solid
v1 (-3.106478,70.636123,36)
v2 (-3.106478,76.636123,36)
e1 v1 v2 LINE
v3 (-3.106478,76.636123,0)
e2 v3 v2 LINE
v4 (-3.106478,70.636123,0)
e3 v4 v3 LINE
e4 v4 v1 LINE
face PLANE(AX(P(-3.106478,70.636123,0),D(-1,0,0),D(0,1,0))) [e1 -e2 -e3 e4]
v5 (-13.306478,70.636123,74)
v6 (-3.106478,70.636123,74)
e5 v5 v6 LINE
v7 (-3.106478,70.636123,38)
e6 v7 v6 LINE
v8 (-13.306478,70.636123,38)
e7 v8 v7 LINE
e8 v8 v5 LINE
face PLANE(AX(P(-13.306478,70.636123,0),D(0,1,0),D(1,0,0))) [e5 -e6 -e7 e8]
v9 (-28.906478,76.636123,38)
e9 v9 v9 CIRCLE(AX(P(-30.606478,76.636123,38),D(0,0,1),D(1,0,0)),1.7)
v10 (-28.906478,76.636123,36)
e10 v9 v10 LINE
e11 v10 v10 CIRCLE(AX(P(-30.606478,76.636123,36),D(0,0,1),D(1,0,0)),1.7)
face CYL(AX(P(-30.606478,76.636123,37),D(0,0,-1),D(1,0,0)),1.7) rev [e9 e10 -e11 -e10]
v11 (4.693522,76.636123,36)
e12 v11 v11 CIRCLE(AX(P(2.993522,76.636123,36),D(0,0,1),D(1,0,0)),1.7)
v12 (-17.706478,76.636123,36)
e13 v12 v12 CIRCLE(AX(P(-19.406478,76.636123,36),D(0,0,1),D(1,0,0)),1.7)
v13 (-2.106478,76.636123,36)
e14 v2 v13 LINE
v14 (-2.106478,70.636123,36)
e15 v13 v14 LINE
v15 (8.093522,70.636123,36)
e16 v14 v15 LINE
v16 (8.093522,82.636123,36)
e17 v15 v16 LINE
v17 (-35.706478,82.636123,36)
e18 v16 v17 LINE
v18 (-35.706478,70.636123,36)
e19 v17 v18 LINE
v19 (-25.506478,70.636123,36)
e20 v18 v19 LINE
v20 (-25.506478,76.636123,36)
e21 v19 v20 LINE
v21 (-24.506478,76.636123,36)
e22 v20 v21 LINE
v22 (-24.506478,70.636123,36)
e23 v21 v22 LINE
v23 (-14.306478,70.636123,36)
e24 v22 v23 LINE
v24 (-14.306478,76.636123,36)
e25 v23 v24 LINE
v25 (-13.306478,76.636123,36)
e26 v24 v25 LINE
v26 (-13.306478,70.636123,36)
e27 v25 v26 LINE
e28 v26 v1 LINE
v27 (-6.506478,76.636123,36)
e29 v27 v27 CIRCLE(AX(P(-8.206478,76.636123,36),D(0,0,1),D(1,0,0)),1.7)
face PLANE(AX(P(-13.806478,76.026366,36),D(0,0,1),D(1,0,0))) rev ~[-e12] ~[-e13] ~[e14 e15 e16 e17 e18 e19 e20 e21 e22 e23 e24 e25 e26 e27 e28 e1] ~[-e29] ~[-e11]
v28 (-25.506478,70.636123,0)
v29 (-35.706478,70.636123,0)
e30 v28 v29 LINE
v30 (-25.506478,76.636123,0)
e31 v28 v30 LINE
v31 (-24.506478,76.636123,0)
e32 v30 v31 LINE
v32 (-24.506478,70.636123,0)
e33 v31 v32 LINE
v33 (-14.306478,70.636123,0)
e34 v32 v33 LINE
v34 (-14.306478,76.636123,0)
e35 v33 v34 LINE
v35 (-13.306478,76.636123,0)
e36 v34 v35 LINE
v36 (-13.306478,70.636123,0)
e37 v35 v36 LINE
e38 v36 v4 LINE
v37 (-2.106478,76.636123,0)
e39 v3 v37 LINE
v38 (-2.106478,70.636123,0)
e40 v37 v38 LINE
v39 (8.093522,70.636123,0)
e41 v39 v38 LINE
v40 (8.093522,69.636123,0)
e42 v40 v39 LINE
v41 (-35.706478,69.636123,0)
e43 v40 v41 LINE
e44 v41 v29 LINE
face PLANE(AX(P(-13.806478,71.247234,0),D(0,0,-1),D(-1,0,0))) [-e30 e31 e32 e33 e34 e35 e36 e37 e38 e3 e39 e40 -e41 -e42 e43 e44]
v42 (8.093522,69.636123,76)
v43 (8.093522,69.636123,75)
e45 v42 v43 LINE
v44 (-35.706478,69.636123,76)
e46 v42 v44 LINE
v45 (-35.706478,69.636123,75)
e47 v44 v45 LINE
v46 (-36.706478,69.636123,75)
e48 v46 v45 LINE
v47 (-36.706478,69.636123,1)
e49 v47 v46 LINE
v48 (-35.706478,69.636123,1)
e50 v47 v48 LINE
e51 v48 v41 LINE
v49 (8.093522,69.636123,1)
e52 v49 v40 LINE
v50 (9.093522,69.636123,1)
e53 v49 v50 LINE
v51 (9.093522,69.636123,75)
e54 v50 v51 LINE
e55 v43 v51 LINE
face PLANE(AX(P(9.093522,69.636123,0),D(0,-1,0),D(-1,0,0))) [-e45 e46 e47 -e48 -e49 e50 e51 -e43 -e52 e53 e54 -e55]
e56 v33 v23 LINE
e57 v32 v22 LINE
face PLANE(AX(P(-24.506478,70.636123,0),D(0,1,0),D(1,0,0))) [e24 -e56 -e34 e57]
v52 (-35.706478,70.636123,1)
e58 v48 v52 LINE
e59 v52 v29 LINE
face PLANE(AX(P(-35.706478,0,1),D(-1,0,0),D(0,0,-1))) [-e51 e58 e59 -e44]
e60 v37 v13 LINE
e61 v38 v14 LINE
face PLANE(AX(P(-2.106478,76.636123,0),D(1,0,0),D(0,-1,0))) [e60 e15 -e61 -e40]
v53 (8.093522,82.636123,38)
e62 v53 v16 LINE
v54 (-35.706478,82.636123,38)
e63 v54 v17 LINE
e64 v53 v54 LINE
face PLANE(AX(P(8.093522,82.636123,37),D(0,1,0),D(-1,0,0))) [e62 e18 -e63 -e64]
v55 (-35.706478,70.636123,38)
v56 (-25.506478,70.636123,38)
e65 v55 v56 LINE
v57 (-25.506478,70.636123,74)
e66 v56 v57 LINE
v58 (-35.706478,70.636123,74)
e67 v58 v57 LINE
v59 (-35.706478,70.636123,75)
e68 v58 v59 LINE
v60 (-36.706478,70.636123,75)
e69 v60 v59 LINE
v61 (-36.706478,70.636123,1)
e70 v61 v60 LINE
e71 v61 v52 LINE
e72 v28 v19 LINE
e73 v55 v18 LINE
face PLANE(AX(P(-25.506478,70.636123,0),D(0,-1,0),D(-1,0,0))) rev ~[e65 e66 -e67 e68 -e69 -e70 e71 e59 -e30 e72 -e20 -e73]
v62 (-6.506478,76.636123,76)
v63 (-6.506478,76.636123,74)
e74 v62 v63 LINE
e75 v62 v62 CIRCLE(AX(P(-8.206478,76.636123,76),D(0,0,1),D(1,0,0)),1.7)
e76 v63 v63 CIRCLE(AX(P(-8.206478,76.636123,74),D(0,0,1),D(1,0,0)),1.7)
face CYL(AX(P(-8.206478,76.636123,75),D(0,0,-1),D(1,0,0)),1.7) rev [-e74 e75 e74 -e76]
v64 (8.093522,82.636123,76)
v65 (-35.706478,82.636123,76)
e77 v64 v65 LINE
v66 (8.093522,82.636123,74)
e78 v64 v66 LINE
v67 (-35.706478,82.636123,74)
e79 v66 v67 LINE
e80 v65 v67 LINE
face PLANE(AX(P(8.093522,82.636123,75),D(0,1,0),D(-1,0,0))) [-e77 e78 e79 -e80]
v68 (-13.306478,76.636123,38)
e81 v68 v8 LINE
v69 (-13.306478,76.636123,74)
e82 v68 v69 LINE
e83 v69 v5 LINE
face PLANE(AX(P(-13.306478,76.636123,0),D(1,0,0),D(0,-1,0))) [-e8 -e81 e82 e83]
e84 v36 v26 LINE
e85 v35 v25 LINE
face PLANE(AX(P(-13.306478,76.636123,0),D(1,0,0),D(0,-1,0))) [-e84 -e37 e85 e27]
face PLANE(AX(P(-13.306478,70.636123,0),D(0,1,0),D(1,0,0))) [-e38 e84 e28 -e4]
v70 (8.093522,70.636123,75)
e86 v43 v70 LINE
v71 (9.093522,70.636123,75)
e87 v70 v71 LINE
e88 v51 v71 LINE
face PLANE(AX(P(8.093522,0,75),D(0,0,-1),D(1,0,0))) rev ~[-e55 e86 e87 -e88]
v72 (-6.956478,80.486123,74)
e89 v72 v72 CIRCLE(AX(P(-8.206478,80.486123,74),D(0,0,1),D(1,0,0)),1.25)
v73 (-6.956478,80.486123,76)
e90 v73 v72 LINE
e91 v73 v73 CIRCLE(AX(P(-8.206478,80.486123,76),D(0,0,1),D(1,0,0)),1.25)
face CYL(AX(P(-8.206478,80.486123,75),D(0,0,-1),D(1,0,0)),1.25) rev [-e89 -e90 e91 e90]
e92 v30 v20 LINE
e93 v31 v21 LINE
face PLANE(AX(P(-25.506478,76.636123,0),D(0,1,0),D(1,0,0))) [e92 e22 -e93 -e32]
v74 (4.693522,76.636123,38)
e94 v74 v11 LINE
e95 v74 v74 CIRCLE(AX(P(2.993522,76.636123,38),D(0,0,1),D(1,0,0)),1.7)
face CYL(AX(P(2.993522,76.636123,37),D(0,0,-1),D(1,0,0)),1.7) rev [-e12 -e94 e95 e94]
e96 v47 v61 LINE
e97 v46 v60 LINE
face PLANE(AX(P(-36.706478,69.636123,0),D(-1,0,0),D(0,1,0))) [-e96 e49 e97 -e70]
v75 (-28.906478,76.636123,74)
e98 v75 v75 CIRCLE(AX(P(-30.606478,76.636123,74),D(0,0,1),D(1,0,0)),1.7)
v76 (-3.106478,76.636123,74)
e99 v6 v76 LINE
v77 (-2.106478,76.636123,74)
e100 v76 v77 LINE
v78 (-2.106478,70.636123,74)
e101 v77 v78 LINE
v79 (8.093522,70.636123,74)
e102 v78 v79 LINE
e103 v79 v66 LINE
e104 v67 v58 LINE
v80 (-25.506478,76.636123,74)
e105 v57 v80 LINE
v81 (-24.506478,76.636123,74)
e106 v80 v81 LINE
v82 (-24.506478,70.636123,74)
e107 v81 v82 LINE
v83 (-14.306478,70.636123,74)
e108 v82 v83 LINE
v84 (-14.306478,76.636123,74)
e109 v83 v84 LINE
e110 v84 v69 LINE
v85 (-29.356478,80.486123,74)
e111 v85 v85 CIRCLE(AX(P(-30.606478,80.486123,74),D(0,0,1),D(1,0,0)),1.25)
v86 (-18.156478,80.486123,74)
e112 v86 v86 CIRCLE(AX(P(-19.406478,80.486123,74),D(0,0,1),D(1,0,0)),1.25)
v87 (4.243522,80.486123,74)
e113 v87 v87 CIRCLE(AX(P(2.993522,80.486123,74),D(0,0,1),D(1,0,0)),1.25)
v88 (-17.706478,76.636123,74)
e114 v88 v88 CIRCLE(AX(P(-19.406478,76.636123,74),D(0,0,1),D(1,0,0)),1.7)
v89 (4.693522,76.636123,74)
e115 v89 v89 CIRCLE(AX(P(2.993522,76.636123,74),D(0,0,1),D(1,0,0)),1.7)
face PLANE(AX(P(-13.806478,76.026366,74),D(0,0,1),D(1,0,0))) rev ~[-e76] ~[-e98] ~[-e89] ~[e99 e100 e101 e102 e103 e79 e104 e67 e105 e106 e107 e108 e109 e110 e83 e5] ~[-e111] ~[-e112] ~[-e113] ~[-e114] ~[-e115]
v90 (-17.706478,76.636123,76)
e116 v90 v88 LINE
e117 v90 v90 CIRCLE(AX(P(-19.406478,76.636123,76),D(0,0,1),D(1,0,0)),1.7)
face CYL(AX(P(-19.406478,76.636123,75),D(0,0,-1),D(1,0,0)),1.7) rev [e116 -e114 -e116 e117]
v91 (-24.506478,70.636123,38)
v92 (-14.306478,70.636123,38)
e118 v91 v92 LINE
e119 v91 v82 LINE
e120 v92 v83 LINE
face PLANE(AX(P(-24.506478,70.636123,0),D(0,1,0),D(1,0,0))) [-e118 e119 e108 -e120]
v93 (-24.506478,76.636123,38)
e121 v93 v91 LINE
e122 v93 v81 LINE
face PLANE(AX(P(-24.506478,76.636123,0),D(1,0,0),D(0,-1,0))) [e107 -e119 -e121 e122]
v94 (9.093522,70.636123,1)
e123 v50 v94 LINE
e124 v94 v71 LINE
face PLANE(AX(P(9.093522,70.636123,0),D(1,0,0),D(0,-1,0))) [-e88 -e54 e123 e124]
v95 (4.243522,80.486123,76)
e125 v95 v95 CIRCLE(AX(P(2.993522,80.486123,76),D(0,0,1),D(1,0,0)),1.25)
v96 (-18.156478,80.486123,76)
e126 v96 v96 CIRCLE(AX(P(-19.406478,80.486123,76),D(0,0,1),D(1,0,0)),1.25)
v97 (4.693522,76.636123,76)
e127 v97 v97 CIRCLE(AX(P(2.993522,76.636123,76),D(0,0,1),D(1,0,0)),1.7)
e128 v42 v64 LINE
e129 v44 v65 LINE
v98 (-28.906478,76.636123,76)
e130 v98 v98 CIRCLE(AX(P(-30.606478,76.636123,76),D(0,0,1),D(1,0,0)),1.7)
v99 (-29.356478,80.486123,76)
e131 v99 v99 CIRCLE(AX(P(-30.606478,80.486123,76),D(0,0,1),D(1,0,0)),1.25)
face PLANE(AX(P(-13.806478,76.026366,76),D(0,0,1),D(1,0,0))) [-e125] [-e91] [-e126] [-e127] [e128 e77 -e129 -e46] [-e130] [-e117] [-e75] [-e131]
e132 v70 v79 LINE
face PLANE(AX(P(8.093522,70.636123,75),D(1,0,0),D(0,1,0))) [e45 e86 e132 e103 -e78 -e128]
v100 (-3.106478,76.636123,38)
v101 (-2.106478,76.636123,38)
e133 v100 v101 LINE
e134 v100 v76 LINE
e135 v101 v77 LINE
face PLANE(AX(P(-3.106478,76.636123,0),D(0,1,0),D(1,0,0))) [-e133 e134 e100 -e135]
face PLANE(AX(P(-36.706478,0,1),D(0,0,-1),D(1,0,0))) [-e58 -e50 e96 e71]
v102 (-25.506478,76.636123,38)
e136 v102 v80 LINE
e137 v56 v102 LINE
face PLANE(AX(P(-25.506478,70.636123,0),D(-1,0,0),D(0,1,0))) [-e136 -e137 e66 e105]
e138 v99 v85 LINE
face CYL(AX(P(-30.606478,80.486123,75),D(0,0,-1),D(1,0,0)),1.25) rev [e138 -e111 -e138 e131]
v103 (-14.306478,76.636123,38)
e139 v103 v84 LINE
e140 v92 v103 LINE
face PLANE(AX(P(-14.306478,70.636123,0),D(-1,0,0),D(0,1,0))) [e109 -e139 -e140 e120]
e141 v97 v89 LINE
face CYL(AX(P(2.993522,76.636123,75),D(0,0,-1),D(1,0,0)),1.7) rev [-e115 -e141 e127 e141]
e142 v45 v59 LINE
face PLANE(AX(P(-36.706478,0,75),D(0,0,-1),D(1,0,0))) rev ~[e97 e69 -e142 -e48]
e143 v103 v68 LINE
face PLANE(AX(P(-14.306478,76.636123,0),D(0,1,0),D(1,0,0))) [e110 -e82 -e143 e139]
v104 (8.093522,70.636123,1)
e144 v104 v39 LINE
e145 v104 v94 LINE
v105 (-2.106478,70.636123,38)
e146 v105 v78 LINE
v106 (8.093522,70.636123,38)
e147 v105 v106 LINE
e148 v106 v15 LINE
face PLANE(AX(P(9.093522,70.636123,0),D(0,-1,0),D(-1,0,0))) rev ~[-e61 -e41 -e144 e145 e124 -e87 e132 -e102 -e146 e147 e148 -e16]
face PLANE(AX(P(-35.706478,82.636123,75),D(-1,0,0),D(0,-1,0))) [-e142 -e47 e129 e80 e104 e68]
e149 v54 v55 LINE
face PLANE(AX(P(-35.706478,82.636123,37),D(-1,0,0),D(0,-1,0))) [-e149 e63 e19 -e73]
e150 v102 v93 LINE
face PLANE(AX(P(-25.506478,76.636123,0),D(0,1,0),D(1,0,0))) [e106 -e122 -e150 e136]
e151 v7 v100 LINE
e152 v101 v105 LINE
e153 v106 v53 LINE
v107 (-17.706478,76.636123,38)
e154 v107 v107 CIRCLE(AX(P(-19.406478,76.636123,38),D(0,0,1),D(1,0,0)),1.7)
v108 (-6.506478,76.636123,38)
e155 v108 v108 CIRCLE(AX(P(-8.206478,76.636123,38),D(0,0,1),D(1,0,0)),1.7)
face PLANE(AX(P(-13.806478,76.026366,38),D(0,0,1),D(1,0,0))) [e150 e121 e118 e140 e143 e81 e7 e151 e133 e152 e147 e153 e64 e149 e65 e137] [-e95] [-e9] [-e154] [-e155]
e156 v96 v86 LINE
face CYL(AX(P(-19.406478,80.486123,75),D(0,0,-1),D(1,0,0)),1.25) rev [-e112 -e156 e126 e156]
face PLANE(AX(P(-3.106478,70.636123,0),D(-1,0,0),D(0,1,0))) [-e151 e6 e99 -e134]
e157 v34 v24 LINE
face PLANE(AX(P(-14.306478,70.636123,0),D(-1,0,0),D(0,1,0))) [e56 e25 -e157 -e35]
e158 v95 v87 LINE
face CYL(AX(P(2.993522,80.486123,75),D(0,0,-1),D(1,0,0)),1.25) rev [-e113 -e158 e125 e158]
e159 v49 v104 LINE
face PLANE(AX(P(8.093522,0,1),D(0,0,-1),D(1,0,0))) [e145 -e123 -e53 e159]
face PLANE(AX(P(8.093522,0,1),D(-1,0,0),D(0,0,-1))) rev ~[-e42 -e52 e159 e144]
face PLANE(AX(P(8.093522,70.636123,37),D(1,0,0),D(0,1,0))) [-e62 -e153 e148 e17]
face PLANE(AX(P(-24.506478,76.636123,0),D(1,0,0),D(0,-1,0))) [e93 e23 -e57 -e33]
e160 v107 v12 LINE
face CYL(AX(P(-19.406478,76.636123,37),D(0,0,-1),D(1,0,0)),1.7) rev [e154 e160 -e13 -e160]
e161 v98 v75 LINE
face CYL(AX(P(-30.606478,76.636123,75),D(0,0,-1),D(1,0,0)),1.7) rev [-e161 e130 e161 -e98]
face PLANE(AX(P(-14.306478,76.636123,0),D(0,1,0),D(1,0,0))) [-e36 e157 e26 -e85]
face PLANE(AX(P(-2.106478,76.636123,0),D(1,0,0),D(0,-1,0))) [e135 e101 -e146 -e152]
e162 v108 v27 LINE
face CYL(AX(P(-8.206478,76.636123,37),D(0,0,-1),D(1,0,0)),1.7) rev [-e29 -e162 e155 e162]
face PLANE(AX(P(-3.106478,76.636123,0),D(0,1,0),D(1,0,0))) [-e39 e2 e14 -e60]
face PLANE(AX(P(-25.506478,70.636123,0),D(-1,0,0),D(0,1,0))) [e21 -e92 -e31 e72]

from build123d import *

# Parameters (mm, degrees)
GEARBOX_MOUNT_DEPTH = 76
BOSS_EXTRUDE6_START = 37
SKETCH7_R           = 1.7
BOSS_EXTRUDE6_DEPTH = 1
BOSS_EXTRUDE7_START = 75
SKETCH8_R           = 1.7
SKETCH8_R_2         = 1.25
BOSS_EXTRUDE7_DEPTH = 1
SKETCH9_W           = 1
SKETCH9_H           = 1
CUT_EXTRUDE1_DEPTH  = 119.118983452


with BuildPart() as part:
    # Sketch2 → Gearbox Mount (new body)
    with BuildSketch(Plane.XY):
        Polygon((-24.506477671, 76.636122542), (-24.506477671, 70.636122542), (-14.306477671, 70.636122542), (-14.306477671, 76.636122542), (-13.306477671, 76.636122542), (-13.306477671, 70.636122542), (-3.106477671, 70.636122542), (-3.106477671, 76.636122542), (-2.106477671, 76.636122542), (-2.106477671, 70.636122542), (8.093522329, 70.636122542), (9.093522329, 70.636122542), (9.093522329, 69.636122542), (-36.706477671, 69.636122542), (-36.706477671, 70.636122542), (-35.706477671, 70.636122542), (-25.506477671, 70.636122542), (-25.506477671, 76.636122542), align=None)
    extrude(amount=GEARBOX_MOUNT_DEPTH)

    # Sketch7 → Boss-Extrude6 (add, symmetric)
    with BuildSketch(Plane.XY.offset(BOSS_EXTRUDE6_START)):
        Polygon((-24.506477671, 76.636122542), (-24.506477671, 70.636122542), (-14.306477671, 70.636122542), (-14.306477671, 76.636122542), (-13.306477671, 76.636122542), (-13.306477671, 70.636122542), (-3.106477671, 70.636122542), (-3.106477671, 76.636122542), (-2.106477671, 76.636122542), (-2.106477671, 70.636122542), (8.093522329, 70.636122542), (8.093522329, 82.636122542), (-35.706477671, 82.636122542), (-35.706477671, 70.636122542), (-25.506477671, 70.636122542), (-25.506477671, 76.636122542), align=None)
        with Locations((-19.406477671, 76.636122542)):
            Circle(SKETCH7_R, mode=Mode.SUBTRACT)
        with Locations((-30.606477671, 76.636122542)):
            Circle(SKETCH7_R, mode=Mode.SUBTRACT)
        with Locations((-8.206477671, 76.636122542)):
            Circle(SKETCH7_R, mode=Mode.SUBTRACT)
        with Locations((2.993522329, 76.636122542)):
            Circle(SKETCH7_R, mode=Mode.SUBTRACT)
    extrude(amount=BOSS_EXTRUDE6_DEPTH, both=True)

    # Sketch8 → Boss-Extrude7 (add, symmetric)
    with BuildSketch(Plane.XY.offset(BOSS_EXTRUDE7_START)):
        Polygon((-35.706477671, 82.636122542), (-35.706477671, 70.636122542), (-25.506477671, 70.636122542), (-25.506477671, 76.636122542), (-24.506477671, 76.636122542), (-24.506477671, 70.636122542), (-14.306477671, 70.636122542), (-14.306477671, 76.636122542), (-13.306477671, 76.636122542), (-13.306477671, 70.636122542), (-3.106477671, 70.636122542), (-3.106477671, 76.636122542), (-2.106477671, 76.636122542), (-2.106477671, 70.636122542), (8.093522329, 70.636122542), (8.093522329, 82.636122542), align=None)
        with Locations((-30.606477671, 76.636122542)):
            Circle(SKETCH8_R, mode=Mode.SUBTRACT)
        with Locations((-30.606477671, 80.486122542)):
            Circle(SKETCH8_R_2, mode=Mode.SUBTRACT)
        with Locations((-19.406477671, 80.486122542)):
            Circle(SKETCH8_R_2, mode=Mode.SUBTRACT)
        with Locations((-19.406477671, 76.636122542)):
            Circle(SKETCH8_R, mode=Mode.SUBTRACT)
        with Locations((-8.206477671, 80.486122542)):
            Circle(SKETCH8_R_2, mode=Mode.SUBTRACT)
        with Locations((-8.206477671, 76.636122542)):
            Circle(SKETCH8_R, mode=Mode.SUBTRACT)
        with Locations((2.993522329, 80.486122542)):
            Circle(SKETCH8_R_2, mode=Mode.SUBTRACT)
        with Locations((2.993522329, 76.636122542)):
            Circle(SKETCH8_R, mode=Mode.SUBTRACT)
    extrude(amount=BOSS_EXTRUDE7_DEPTH, both=True)

    # Sketch9 → Cut-Extrude1 (cut, through all)
    with BuildSketch(Plane(origin=(0, 0, 0), x_dir=(1, 0, 0), z_dir=(0, 1, 0))):
        with Locations((-36.206477671, -0.5)):
            Rectangle(SKETCH9_W, SKETCH9_H)
        with Locations((8.593522329, -0.5)):
            Rectangle(SKETCH9_W, SKETCH9_H)
        with Locations((8.593522329, -75.5)):
            Rectangle(SKETCH9_W, SKETCH9_H)
        with Locations((-36.206477671, -75.5)):
            Rectangle(SKETCH9_W, SKETCH9_H)
    extrude(amount=CUT_EXTRUDE1_DEPTH, mode=Mode.SUBTRACT)


solid = part.part
